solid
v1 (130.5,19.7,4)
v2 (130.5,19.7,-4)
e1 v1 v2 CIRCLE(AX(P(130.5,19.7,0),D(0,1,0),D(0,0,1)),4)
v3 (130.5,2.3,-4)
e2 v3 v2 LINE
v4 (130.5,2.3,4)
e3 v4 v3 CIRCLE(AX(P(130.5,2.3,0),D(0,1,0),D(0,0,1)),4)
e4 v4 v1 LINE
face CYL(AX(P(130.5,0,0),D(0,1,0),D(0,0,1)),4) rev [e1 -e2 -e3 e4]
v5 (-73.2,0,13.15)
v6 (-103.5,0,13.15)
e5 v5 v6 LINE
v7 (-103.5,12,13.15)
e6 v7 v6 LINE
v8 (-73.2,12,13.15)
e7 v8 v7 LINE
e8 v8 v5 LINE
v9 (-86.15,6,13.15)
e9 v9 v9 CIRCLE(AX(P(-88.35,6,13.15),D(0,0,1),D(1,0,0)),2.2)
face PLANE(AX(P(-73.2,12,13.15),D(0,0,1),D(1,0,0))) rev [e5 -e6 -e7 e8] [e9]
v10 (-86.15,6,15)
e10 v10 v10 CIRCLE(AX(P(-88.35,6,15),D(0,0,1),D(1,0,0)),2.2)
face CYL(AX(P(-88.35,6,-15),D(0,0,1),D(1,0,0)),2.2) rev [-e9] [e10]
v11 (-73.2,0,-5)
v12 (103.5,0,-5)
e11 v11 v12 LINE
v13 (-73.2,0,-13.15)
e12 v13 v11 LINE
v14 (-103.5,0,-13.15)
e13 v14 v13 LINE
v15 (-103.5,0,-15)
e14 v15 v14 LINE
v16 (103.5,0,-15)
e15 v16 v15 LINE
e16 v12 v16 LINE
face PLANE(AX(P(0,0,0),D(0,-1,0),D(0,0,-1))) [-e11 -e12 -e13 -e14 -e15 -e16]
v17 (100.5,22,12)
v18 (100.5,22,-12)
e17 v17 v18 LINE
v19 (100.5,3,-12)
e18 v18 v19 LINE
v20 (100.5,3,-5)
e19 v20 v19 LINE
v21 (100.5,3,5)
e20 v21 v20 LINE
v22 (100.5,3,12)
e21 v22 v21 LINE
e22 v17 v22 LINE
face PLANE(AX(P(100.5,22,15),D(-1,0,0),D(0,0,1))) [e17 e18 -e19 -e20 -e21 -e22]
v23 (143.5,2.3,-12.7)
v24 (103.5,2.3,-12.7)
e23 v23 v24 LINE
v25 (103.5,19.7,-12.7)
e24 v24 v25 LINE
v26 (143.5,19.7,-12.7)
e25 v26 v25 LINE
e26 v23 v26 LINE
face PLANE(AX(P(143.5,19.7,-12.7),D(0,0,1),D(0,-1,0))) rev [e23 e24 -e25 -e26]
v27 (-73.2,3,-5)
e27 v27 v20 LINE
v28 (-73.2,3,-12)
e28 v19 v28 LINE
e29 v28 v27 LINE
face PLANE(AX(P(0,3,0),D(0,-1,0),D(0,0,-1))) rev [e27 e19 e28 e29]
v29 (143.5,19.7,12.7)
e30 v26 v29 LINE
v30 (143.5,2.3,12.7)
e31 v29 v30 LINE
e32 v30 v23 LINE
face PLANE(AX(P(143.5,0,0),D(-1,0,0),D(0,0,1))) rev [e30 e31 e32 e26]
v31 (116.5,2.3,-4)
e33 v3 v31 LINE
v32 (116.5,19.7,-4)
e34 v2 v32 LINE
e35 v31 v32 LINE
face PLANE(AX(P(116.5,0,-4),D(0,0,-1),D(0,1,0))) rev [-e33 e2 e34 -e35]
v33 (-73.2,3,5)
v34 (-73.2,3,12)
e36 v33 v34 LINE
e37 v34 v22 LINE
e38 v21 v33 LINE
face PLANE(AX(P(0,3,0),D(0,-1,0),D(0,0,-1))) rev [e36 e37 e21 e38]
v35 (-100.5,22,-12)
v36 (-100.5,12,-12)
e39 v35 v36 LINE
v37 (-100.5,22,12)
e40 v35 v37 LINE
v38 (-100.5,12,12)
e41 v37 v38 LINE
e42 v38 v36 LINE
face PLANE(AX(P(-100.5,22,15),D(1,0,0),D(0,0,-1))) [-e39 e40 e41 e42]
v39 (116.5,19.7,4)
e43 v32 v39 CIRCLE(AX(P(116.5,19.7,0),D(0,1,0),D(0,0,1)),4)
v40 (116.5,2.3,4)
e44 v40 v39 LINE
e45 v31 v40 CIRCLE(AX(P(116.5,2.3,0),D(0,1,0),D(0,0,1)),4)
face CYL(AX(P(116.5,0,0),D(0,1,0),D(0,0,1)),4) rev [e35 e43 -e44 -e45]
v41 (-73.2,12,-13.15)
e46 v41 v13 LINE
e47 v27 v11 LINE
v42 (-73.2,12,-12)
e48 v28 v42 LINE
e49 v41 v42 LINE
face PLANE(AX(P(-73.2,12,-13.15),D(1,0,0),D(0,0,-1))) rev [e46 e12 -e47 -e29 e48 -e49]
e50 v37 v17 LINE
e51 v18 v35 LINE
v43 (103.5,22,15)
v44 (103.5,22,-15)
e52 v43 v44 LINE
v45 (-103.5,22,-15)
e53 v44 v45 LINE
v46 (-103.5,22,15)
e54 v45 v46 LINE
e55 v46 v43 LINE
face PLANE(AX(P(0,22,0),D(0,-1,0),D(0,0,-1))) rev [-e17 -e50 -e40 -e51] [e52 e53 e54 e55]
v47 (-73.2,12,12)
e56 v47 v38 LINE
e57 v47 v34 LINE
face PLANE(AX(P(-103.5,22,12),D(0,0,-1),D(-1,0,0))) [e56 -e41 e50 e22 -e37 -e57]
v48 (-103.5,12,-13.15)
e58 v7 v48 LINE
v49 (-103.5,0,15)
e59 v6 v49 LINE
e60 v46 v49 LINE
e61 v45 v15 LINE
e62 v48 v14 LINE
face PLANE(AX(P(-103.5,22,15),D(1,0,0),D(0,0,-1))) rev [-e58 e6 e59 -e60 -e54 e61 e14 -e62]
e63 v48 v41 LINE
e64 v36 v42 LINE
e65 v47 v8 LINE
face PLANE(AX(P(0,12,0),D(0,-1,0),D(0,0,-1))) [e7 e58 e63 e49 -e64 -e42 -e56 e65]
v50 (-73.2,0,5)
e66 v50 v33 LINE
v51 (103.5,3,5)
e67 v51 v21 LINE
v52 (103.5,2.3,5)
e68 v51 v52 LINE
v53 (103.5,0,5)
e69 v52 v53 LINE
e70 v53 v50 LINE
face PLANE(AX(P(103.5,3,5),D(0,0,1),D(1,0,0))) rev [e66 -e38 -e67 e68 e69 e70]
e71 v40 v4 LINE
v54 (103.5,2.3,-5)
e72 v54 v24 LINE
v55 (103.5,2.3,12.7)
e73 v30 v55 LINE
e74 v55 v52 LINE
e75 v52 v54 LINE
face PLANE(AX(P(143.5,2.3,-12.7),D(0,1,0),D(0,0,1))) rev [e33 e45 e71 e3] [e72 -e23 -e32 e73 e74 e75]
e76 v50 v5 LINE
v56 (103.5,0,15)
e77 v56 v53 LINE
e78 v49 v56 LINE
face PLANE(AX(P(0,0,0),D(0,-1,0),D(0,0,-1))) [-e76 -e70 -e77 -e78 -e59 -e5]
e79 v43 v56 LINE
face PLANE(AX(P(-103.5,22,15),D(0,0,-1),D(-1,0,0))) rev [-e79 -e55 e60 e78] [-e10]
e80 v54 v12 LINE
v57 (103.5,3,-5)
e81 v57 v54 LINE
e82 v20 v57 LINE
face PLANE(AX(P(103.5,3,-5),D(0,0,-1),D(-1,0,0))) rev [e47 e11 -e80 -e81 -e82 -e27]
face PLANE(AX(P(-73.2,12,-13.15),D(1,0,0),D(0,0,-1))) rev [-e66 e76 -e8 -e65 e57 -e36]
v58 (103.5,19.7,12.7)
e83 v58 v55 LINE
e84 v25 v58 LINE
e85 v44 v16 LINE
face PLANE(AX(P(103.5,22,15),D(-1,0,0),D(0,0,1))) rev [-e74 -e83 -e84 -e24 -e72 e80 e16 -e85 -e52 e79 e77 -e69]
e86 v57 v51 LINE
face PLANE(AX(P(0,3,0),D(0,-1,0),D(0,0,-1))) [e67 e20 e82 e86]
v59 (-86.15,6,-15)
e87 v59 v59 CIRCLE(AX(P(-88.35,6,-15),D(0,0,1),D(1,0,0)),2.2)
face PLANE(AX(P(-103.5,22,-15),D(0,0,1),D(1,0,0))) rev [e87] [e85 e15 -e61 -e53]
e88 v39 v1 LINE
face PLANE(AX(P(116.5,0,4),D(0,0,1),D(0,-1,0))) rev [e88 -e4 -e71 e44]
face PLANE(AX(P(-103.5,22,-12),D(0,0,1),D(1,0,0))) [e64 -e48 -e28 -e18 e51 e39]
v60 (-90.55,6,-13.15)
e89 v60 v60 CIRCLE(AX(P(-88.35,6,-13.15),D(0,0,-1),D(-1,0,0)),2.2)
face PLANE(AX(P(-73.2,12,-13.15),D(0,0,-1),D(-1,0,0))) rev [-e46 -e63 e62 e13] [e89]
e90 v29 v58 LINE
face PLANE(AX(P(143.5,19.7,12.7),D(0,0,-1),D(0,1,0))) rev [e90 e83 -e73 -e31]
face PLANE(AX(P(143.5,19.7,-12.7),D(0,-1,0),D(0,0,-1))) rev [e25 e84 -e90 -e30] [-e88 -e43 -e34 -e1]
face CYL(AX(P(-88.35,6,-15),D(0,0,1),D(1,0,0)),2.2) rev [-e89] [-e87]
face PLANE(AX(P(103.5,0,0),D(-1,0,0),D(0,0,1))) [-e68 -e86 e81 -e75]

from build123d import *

# Parameters (mm, degrees)
SKETCH1_W           = 207
SKETCH1_H           = 30
BOSS_EXTRUDE1_DEPTH = 22
SHELL1_T            = -3
SKETCH2_W           = 207
SKETCH2_H           = 10
CUT_EXTRUDE1_DEPTH  = 3
SKETCH3_W           = 30.3
SKETCH3_H           = 26.3
CUT_EXTRUDE2_DEPTH  = 12
SKETCH4_R           = 2.2
CUT_EXTRUDE3_DEPTH  = 110.982953225
SKETCH5_W           = 25.4
SKETCH5_H           = 17.4
BOSS_EXTRUDE2_DEPTH = 40
CUT_EXTRUDE4_DEPTH  = 146.620534266


with BuildPart() as part:
    # Sketch1 → Boss-Extrude1 (new body)
    with BuildSketch(Plane(origin=(0, 0, 0), x_dir=(1, 0, 0), z_dir=(0, 1, 0))):
        Rectangle(SKETCH1_W, SKETCH1_H)
    extrude(amount=BOSS_EXTRUDE1_DEPTH)

    # Shell1
    shell1_openings = [part.faces().sort_by_distance(p)[0] for p in [
        (0, 22, 0),
    ]]
    offset(amount=SHELL1_T, openings=shell1_openings, kind=Kind.INTERSECTION)

    # Sketch2 → Cut-Extrude1 (cut)
    with BuildSketch(Plane(origin=(0, 0, 0), x_dir=(-1, 0, 0), z_dir=(0, -1, 0))):
        Rectangle(SKETCH2_W, SKETCH2_H)
    extrude(amount=-CUT_EXTRUDE1_DEPTH, mode=Mode.SUBTRACT)

    # Sketch3 → Cut-Extrude2 (cut)
    with BuildSketch(Plane(origin=(0, 0, 0), x_dir=(-1, 0, 0), z_dir=(0, -1, 0))):
        with Locations((88.35, 0)):
            Rectangle(SKETCH3_W, SKETCH3_H)
    extrude(amount=-CUT_EXTRUDE2_DEPTH, mode=Mode.SUBTRACT)

    # Sketch4 → Cut-Extrude3 (cut, through all)
    with BuildSketch(Plane.XY.offset(15)):
        with Locations((-88.35, 6)):
            Circle(SKETCH4_R)
    extrude(amount=-CUT_EXTRUDE3_DEPTH, mode=Mode.SUBTRACT)

    # Sketch5 → Boss-Extrude2 (add)
    with BuildSketch(Plane(origin=(103.5, 0, 0), x_dir=(0, 0, -1), z_dir=(1, 0, 0))):
        with Locations((0, 11)):
            Rectangle(SKETCH5_W, SKETCH5_H)
    extrude(amount=BOSS_EXTRUDE2_DEPTH)

    # Sketch6 → Cut-Extrude4 (cut, through all)
    with BuildSketch(Plane(origin=(0, 19.7, 0), x_dir=(1, 0, 0), z_dir=(0, 1, 0))):
        with BuildLine():
            Line((116.5, 4), (130.5, 4))
            ThreePointArc((130.5, 4), (134.5, 0), (130.5, -4))
            Line((130.5, -4), (116.5, -4))
            ThreePointArc((116.5, -4), (112.5, 0), (116.5, 4))
        make_face()
    extrude(amount=-CUT_EXTRUDE4_DEPTH, mode=Mode.SUBTRACT)


solid = part.part
